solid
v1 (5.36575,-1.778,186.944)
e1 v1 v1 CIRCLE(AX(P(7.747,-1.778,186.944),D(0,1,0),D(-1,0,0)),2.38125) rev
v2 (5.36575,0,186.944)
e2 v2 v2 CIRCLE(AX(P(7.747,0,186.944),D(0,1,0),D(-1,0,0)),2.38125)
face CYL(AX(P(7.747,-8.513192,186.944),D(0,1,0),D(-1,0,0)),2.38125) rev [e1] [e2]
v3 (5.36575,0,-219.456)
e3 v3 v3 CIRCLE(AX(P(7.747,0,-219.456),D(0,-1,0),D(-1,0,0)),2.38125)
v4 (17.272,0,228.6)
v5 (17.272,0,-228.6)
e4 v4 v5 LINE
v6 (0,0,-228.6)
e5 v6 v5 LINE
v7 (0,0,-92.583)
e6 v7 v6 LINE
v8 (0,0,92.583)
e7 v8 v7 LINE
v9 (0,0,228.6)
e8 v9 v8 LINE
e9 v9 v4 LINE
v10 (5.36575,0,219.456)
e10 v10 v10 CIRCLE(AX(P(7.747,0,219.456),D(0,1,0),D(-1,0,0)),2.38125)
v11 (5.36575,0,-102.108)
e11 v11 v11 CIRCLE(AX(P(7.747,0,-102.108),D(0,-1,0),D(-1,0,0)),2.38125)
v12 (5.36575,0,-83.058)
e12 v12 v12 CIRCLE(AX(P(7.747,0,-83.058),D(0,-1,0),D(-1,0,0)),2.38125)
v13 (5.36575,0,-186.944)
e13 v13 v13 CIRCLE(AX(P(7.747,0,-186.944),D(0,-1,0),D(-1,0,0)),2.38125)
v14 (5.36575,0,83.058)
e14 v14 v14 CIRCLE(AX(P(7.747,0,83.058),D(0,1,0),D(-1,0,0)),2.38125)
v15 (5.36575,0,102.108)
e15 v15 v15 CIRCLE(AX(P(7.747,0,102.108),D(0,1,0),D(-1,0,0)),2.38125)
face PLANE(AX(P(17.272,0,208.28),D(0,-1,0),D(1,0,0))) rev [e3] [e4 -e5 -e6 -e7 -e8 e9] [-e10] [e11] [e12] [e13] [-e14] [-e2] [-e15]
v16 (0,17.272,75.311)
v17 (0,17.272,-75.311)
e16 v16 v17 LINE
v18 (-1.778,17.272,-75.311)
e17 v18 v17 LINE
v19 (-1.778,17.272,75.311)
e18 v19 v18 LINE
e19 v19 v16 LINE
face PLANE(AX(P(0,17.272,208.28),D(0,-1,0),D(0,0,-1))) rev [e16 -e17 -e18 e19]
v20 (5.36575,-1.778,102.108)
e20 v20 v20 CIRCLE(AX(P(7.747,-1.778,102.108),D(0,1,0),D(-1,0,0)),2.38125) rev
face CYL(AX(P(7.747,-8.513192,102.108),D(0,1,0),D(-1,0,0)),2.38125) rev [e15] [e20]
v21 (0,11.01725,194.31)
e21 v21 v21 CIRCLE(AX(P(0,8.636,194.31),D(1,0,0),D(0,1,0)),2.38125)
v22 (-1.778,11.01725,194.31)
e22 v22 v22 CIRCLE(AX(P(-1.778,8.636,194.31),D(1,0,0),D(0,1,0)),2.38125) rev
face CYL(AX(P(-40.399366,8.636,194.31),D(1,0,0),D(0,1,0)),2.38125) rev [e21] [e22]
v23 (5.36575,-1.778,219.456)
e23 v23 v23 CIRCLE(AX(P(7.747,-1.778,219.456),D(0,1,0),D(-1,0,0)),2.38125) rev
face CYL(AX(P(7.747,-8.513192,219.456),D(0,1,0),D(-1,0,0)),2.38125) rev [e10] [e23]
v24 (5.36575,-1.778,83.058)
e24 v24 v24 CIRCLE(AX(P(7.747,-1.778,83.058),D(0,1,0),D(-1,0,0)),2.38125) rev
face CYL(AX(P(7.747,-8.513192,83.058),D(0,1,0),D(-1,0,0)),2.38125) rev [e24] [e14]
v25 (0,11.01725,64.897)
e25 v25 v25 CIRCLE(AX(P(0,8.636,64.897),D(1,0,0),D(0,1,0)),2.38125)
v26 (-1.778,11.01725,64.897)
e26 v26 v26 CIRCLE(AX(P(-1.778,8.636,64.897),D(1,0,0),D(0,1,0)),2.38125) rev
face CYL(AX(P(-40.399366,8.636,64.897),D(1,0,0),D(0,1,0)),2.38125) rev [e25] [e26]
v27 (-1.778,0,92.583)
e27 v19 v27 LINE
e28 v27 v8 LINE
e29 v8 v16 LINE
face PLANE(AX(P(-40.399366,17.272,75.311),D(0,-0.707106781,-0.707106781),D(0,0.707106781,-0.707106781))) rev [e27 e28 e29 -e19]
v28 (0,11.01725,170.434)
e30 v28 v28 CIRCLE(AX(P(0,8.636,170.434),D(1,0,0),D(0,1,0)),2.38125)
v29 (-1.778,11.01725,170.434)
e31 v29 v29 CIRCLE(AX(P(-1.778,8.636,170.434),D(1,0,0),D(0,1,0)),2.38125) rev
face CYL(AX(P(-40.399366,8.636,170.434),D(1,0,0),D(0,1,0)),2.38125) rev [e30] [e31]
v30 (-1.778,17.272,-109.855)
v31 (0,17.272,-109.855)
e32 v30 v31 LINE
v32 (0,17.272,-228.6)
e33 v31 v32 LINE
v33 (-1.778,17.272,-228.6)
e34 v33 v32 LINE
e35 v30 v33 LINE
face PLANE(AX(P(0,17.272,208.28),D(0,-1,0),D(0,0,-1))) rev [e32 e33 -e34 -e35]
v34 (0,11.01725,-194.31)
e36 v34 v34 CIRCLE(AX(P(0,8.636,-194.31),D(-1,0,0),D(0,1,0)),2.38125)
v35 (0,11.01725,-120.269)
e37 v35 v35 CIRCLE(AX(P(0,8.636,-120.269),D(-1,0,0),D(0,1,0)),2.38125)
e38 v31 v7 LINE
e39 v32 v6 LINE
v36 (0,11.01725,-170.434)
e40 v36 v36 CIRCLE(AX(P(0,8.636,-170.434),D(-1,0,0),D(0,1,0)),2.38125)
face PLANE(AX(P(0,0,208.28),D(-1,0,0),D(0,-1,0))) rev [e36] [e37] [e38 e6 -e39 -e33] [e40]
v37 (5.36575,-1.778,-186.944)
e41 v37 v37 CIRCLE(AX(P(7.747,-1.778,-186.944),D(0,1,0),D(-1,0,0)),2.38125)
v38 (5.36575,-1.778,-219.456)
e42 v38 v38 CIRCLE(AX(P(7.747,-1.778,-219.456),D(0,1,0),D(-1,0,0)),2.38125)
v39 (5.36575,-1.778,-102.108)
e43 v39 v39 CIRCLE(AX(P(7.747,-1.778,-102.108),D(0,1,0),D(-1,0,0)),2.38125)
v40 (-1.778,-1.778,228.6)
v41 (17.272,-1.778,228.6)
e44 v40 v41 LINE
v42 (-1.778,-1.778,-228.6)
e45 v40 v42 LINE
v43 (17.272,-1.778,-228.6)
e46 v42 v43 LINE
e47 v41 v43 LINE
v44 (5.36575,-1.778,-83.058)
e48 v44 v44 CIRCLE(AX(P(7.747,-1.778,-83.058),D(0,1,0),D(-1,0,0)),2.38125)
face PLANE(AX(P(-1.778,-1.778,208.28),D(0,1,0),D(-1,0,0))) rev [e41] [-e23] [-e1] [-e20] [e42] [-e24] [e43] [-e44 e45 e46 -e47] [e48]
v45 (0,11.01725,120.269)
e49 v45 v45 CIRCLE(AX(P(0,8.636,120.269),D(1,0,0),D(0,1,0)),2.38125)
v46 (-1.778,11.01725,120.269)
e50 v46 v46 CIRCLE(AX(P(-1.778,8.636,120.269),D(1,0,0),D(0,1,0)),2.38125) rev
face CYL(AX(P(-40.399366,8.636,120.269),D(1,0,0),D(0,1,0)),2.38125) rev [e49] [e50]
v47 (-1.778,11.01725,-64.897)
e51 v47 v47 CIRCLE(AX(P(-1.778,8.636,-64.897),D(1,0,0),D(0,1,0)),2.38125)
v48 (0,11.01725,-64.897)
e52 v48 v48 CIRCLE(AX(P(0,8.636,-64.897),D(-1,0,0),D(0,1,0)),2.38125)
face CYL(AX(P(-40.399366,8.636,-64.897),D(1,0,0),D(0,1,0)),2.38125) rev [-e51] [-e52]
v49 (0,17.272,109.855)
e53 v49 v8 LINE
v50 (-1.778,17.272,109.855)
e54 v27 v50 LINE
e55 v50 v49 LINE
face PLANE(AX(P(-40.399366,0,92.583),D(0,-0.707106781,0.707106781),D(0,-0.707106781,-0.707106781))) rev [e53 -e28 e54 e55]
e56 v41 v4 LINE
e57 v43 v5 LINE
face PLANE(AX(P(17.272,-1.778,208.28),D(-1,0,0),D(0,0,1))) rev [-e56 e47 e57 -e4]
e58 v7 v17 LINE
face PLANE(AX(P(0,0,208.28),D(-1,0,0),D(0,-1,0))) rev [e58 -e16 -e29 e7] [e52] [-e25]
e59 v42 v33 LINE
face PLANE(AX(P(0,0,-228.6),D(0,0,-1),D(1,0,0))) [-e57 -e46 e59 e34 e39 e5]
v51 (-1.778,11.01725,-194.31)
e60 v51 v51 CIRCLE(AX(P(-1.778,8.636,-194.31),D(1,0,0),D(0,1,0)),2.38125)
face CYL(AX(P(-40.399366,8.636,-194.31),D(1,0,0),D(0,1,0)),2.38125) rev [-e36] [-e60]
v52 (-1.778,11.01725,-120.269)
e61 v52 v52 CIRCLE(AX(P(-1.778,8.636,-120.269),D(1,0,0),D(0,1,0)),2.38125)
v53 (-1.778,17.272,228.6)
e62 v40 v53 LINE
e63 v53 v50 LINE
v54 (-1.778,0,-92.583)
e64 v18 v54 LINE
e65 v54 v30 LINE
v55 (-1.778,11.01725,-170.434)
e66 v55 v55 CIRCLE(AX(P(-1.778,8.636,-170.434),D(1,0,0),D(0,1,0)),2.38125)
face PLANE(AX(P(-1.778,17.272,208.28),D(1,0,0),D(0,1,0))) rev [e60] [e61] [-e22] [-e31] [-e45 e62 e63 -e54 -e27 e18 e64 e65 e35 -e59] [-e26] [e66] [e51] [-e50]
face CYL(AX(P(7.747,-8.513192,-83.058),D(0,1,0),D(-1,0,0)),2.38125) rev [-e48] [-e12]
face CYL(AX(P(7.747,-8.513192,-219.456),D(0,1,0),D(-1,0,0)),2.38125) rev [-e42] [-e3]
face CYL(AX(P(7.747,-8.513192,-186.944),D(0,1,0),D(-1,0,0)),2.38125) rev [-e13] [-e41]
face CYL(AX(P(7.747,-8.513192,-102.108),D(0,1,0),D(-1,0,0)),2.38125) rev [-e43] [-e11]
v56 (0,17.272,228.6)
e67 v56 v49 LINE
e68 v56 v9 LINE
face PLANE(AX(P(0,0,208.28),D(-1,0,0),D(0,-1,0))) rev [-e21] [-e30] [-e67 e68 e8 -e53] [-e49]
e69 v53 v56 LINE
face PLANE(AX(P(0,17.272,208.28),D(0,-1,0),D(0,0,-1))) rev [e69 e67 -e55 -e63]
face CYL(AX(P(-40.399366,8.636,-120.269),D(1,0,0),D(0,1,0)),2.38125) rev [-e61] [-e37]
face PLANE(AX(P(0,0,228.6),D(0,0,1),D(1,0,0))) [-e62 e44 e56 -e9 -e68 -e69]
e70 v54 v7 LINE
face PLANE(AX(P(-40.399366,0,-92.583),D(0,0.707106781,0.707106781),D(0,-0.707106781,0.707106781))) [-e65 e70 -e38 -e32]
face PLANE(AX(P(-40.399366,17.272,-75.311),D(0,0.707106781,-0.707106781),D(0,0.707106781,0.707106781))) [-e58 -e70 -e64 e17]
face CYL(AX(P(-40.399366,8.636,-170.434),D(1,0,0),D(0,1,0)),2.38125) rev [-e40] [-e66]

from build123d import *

# Parameters (mm, degrees)
BOSS_EXTRUDE1_DEPTH = 208.28
SKETCH2_R           = 2.38125
CUT_EXTRUDE1_DEPTH  = 1.778
SKETCH3_W           = 1.778
SKETCH3_H           = 17.272
BOSS_EXTRUDE2_DEPTH = 20.32
SKETCH4_R           = 2.38125
CUT_EXTRUDE2_DEPTH  = 1.778


with BuildPart() as part:
    # Sketch1 → Boss-Extrude1 (new body)
    with BuildSketch(Plane.XY):
        Polygon((0, 0), (0, 17.272), (-1.778, 17.272), (-1.778, -1.778), (17.272, -1.778), (17.272, 0), align=None)
    boss_extrude1 = extrude(amount=BOSS_EXTRUDE1_DEPTH)

    # Sketch2 → Cut-Extrude1 (cut)
    with BuildSketch(Plane(origin=(0, 0, 0), x_dir=(0, 0, -1), z_dir=(1, 0, 0))):
        with Locations(Location((-194.31, 8.636, 0), (0, 0, 90))):
            Circle(SKETCH2_R)
        with Locations(Location((-170.434, 8.636, 0), (0, 0, 90))):
            Circle(SKETCH2_R)
        with Locations(Location((-120.269, 8.636, 0), (0, 0, 90))):
            Circle(SKETCH2_R)
        with Locations(Location((-64.897, 8.636, 0), (0, 0, 90))):
            Circle(SKETCH2_R)
        Polygon((-92.583, 0), (-109.855, 17.272), (-75.311, 17.272), align=None)
    cut_extrude1 = extrude(amount=-CUT_EXTRUDE1_DEPTH, mode=Mode.SUBTRACT)

    # Sketch3 → Boss-Extrude2 (add)
    with BuildSketch(Plane.XY.offset(208.28)):
        Polygon((-1.778, 0), (-1.778, -1.778), (17.272, -1.778), (17.272, 0), (0, 0), align=None)
        with Locations((-0.889, 8.636)):
            Rectangle(SKETCH3_W, SKETCH3_H)
    boss_extrude2 = extrude(amount=BOSS_EXTRUDE2_DEPTH)

    # Sketch4 → Cut-Extrude2 (cut)
    with BuildSketch(Plane(origin=(0, 0, 0), x_dir=(1, 0, 0), z_dir=(0, 1, 0))):
        with Locations(Location((7.747, -219.456, 0), (0, 0, 180))):
            Circle(SKETCH4_R)
        with Locations(Location((7.747, -83.058, 0), (0, 0, 180))):
            Circle(SKETCH4_R)
        with Locations(Location((7.747, -102.108, 0), (0, 0, 180))):
            Circle(SKETCH4_R)
        with Locations(Location((7.747, -186.944, 0), (0, 0, 180))):
            Circle(SKETCH4_R)
    cut_extrude2 = extrude(amount=-CUT_EXTRUDE2_DEPTH, mode=Mode.SUBTRACT)

    # Mirror3: Boss-Extrude1, Cut-Extrude1, Boss-Extrude2, Cut-Extrude2 across plane
    add(boss_extrude1.mirror(Plane(origin=(0, 0, 0), x_dir=(1, 0, 0), z_dir=(0, 0, -1))))
    add(cut_extrude1.mirror(Plane(origin=(0, 0, 0), x_dir=(1, 0, 0), z_dir=(0, 0, -1))), mode=Mode.SUBTRACT)
    add(boss_extrude2.mirror(Plane(origin=(0, 0, 0), x_dir=(1, 0, 0), z_dir=(0, 0, -1))))
    add(cut_extrude2.mirror(Plane(origin=(0, 0, 0), x_dir=(1, 0, 0), z_dir=(0, 0, -1))), mode=Mode.SUBTRACT)


solid = part.part
